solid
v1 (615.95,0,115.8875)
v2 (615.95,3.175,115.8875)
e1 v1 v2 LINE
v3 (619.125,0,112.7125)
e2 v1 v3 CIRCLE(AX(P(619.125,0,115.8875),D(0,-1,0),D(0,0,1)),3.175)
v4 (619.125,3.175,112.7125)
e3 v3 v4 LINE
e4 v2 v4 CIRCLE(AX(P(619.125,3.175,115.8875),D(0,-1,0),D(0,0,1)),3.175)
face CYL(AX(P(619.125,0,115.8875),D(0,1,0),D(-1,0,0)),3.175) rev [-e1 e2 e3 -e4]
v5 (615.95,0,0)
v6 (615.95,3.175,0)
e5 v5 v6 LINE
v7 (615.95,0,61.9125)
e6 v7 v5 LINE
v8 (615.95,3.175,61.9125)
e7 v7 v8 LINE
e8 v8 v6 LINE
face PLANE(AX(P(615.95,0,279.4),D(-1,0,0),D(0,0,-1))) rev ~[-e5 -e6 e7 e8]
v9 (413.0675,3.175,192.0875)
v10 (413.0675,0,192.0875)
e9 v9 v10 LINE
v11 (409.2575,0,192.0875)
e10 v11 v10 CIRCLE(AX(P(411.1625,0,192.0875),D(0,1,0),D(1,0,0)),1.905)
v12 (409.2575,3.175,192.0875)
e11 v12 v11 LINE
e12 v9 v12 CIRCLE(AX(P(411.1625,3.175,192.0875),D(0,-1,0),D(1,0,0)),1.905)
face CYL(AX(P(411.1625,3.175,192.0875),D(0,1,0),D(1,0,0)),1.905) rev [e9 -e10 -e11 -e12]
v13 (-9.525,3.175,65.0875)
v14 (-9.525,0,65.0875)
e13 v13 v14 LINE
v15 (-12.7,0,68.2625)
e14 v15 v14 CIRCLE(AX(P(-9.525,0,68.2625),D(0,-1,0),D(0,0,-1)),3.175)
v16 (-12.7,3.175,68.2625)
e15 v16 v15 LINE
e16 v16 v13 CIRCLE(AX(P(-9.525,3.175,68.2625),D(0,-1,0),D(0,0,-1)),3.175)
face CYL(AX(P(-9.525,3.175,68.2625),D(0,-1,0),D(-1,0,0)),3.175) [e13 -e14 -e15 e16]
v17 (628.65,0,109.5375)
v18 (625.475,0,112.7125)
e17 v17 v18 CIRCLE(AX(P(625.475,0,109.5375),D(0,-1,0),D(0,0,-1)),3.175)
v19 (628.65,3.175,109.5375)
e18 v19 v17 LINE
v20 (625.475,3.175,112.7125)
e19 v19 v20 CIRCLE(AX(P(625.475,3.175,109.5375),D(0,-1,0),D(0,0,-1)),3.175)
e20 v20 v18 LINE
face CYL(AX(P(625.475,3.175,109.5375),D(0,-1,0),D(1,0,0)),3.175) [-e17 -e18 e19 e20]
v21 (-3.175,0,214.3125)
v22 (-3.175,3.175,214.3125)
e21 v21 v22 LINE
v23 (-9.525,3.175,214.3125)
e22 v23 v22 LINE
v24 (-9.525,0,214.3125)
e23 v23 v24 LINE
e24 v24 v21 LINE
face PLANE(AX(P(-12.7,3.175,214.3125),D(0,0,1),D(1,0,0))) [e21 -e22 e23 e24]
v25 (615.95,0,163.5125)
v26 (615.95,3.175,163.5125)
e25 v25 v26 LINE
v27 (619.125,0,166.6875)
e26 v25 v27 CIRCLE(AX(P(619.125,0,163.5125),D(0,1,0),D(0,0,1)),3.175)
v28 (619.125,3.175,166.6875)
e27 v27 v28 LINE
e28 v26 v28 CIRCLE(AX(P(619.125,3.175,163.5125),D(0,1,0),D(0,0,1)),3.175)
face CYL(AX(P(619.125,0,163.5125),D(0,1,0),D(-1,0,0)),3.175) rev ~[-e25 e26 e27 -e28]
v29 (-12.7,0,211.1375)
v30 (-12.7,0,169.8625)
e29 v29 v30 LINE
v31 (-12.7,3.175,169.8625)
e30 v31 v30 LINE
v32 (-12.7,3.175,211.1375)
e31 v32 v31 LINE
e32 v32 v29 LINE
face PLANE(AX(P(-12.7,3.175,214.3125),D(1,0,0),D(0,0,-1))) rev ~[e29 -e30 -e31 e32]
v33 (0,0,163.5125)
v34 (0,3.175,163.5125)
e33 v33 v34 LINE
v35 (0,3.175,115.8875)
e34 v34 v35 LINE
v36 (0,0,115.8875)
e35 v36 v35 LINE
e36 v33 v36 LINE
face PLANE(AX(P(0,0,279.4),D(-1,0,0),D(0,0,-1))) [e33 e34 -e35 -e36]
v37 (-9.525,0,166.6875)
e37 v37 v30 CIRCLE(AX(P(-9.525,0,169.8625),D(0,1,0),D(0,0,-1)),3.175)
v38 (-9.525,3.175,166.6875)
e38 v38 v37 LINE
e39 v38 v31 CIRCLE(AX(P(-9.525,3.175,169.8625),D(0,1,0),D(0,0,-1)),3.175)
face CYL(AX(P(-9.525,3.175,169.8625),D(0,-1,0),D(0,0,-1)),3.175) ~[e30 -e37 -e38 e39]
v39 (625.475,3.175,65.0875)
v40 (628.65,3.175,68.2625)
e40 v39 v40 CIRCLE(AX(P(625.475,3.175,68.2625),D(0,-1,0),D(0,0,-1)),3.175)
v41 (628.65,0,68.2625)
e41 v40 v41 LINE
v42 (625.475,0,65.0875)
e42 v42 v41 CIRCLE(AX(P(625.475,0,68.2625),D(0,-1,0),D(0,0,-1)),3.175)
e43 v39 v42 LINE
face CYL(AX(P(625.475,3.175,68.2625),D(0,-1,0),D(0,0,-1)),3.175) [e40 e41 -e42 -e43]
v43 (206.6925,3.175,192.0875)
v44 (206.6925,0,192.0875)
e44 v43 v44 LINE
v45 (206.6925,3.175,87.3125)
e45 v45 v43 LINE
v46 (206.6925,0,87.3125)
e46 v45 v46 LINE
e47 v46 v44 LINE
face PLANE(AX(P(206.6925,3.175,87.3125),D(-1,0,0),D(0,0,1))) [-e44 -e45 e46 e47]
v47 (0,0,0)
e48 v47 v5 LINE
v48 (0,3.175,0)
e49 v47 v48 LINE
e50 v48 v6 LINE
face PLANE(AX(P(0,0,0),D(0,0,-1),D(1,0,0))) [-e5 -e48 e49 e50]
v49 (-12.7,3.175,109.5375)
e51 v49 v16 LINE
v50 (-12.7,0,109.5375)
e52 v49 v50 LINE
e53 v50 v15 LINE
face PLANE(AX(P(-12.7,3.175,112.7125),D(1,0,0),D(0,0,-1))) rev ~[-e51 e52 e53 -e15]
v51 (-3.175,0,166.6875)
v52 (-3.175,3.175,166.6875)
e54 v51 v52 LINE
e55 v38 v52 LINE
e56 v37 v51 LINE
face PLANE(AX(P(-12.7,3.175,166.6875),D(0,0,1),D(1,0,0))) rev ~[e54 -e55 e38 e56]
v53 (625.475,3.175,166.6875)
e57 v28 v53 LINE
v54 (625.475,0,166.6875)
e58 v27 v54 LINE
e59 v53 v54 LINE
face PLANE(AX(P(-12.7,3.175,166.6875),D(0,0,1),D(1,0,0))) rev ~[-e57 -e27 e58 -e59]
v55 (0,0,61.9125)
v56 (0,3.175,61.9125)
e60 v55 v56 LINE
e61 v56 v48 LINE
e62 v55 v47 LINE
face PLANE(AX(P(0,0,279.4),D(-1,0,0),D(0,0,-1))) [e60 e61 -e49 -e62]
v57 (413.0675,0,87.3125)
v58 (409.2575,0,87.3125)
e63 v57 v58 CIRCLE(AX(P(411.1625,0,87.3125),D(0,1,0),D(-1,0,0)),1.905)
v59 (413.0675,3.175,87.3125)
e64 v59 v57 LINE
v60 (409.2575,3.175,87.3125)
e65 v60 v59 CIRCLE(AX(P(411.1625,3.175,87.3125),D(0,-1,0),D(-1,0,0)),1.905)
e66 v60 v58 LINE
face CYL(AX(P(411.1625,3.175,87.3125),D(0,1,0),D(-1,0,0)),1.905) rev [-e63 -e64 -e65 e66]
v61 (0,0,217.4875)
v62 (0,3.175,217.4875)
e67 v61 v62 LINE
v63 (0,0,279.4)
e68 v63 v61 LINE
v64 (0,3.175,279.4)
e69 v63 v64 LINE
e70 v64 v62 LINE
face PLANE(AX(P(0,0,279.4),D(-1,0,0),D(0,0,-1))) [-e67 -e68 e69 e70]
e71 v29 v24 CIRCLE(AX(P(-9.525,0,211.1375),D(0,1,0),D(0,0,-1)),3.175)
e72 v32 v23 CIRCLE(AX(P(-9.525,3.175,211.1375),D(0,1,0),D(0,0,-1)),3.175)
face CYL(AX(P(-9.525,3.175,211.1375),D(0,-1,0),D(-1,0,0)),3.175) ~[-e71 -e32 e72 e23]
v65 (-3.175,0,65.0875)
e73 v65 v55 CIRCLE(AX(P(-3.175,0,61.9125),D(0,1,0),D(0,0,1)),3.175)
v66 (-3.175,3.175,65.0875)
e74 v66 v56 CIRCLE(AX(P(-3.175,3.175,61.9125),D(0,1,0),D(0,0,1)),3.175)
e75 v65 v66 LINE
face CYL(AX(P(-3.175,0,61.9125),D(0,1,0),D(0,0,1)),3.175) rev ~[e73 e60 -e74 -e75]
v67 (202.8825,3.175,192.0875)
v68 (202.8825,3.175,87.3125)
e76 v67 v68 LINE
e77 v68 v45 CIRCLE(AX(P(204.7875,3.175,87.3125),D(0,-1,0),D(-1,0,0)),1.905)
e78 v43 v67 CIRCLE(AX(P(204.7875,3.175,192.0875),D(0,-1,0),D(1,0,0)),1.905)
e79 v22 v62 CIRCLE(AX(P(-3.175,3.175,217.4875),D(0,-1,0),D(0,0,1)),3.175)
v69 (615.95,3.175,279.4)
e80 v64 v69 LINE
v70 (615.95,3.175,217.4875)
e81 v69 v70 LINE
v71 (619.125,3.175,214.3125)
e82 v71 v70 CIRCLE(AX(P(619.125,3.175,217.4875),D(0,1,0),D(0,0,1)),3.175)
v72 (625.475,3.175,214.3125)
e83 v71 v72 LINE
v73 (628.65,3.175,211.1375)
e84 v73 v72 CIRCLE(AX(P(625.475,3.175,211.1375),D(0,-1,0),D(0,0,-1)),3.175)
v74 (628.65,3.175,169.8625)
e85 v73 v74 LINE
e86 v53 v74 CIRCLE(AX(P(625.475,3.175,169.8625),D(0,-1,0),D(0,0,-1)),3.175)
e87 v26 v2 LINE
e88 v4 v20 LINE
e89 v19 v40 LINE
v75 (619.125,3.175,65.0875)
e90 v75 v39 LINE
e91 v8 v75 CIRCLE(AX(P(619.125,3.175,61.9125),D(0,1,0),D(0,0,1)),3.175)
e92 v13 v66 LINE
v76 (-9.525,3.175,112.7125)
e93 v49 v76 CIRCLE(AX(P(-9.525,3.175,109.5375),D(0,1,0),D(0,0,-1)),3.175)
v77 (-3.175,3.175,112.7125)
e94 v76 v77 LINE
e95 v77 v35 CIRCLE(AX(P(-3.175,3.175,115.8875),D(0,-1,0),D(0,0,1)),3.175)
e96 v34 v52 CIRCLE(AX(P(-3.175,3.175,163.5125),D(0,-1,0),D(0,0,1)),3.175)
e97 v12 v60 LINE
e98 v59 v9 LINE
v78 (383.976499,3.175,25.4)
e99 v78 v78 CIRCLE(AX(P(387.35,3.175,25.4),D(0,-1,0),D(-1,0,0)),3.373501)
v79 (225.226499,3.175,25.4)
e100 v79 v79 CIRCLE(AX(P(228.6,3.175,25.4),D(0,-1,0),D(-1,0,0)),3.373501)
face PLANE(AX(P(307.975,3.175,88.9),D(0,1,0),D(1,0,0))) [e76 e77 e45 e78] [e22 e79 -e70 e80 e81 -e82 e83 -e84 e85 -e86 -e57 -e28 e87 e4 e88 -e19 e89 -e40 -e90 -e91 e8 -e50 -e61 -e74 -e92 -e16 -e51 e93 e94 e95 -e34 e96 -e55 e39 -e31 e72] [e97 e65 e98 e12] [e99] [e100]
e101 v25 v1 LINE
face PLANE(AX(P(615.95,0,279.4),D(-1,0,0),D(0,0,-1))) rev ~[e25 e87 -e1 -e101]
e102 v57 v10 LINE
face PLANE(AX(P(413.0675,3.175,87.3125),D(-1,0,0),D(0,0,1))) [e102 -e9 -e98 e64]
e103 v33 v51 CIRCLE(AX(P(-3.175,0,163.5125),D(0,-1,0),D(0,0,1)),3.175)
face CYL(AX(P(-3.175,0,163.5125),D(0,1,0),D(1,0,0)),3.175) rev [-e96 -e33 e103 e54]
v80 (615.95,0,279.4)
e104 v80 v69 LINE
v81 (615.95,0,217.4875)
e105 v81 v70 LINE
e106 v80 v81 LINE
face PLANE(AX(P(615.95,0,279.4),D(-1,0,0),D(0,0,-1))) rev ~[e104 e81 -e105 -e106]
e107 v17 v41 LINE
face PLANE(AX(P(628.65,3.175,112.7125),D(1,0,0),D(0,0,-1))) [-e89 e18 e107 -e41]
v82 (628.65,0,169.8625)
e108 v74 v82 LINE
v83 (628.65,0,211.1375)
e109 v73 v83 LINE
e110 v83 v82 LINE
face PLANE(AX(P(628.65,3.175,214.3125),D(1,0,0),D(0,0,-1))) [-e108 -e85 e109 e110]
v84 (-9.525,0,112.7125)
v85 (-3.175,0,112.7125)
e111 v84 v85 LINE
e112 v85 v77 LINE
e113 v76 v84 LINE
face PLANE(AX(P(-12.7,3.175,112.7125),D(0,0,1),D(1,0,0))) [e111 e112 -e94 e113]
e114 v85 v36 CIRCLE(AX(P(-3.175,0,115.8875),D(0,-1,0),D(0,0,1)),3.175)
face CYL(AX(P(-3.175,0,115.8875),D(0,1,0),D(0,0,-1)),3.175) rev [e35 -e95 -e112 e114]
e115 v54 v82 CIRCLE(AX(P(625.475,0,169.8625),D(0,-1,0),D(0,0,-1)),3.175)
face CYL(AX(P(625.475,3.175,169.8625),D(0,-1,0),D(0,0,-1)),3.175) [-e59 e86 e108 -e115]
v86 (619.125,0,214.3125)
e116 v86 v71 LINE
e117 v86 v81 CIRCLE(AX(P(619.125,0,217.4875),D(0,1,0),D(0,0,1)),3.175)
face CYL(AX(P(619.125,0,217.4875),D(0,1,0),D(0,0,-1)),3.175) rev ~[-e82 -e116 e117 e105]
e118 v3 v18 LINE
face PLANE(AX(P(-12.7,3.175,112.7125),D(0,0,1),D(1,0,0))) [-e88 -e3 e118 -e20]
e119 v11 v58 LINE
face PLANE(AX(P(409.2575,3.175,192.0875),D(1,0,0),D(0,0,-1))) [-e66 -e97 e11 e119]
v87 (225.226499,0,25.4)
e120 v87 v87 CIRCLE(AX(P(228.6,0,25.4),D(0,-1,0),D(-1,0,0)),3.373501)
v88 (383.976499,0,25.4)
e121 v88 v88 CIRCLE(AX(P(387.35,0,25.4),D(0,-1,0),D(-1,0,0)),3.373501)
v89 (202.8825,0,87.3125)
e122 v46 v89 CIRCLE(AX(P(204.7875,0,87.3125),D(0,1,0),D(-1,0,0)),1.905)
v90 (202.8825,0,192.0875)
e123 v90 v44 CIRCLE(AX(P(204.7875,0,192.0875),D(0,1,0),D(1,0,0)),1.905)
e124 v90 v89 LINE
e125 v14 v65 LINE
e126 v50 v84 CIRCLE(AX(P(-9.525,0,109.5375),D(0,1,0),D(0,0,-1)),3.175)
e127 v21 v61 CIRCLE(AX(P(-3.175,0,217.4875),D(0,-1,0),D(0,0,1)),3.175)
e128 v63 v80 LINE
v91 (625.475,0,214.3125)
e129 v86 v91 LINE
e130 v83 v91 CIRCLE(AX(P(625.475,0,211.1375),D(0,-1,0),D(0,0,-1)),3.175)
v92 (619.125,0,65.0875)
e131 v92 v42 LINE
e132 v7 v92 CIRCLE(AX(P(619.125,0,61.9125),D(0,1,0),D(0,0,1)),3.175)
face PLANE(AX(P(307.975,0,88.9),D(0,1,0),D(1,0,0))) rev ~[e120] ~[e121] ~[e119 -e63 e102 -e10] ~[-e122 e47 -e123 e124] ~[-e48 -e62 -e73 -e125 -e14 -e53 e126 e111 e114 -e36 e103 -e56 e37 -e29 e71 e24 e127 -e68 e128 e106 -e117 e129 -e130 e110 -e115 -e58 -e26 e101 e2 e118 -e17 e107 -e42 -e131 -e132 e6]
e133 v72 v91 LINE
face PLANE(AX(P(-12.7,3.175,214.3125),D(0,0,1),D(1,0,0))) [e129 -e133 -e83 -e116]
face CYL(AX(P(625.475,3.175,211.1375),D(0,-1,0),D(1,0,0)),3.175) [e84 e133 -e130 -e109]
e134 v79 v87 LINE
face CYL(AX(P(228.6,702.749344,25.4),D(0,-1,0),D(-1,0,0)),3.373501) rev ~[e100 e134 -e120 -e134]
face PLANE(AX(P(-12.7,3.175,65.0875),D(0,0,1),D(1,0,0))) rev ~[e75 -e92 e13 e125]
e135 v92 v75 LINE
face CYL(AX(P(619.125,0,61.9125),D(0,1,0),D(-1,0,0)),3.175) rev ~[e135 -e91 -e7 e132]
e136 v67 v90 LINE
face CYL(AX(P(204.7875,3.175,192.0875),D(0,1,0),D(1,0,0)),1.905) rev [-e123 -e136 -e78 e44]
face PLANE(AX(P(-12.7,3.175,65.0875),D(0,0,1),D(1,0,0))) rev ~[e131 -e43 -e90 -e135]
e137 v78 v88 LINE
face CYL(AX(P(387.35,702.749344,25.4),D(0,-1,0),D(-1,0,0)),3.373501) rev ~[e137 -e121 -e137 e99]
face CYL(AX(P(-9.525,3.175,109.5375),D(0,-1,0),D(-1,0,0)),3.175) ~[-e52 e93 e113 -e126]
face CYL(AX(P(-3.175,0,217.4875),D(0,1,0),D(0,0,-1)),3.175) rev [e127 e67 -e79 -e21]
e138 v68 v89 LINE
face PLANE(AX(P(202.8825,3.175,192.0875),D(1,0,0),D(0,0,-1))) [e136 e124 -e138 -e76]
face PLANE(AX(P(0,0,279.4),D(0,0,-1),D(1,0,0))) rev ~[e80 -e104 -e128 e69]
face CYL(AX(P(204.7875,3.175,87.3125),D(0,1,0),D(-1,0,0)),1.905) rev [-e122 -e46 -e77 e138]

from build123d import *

# Parameters (mm, degrees)
SKETCH1_W                        = 615.95
SKETCH1_H                        = 279.4
BOSS_EXTRUDE1_DEPTH              = 3.175
SKETCH2_W                        = 641.35
SKETCH2_H                        = 47.625
BOSS_EXTRUDE2_DEPTH              = 3.175
FILLET1_R                        = 3.175
CUT_EXTRUDE1_DEPTH               = 4.175
F_17_64_0_26563_DIAMETER_HOLE1_D = 6.747002


with BuildPart() as part:
    # Sketch1 → Boss-Extrude1 (new body)
    with BuildSketch(Plane(origin=(0, 0, 0), x_dir=(1, 0, 0), z_dir=(0, 1, 0))):
        with Locations((307.975, -139.7)):
            Rectangle(SKETCH1_W, SKETCH1_H)
    extrude(amount=BOSS_EXTRUDE1_DEPTH)

    # Sketch2 → Boss-Extrude2 (add, through all)
    with BuildSketch(Plane(origin=(0, 3.175, 0), x_dir=(1, 0, 0), z_dir=(0, 1, 0))):
        with Locations((307.975, -88.9)):
            Rectangle(SKETCH2_W, SKETCH2_H)
        with Locations((307.975, -190.5)):
            Rectangle(SKETCH2_W, SKETCH2_H)
    extrude(amount=-BOSS_EXTRUDE2_DEPTH)

    # Fillet1
    fillet1_edges = [part.edges().sort_by_distance(p)[0] for p in [
        (628.65, 1.5875, 112.7125),
        (-12.7, 1.5875, 65.0875),
        (628.65, 1.5875, 65.0875),
        (0, 1.5875, 112.7125),
        (615.95, 1.5875, 112.7125),
        (-12.7, 1.5875, 112.7125),
        (0, 1.5875, 65.0875),
        (615.95, 1.5875, 65.0875),
        (628.65, 1.5875, 214.3125),
        (-12.7, 1.5875, 166.6875),
        (628.65, 1.5875, 166.6875),
        (0, 1.5875, 214.3125),
        (615.95, 1.5875, 214.3125),
        (-12.7, 1.5875, 214.3125),
        (0, 1.5875, 166.6875),
        (615.95, 1.5875, 166.6875),
    ]]
    fillet(fillet1_edges, radius=FILLET1_R)

    # Sketch3 → Cut-Extrude1 (cut, through all)
    with BuildSketch(Plane(origin=(0, 3.175, 0), x_dir=(1, 0, 0), z_dir=(0, 1, 0))):
        with BuildLine():
            Line((202.8825, -192.0875), (202.8825, -87.3125))
            ThreePointArc((202.8825, -87.3125), (204.7875, -85.4075), (206.6925, -87.3125))
            Line((206.6925, -87.3125), (206.6925, -192.0875))
            ThreePointArc((206.6925, -192.0875), (204.7875, -193.9925), (202.8825, -192.0875))
        make_face()
        with BuildLine():
            Line((409.2575, -192.0875), (409.2575, -87.3125))
            ThreePointArc((409.2575, -87.3125), (411.1625, -85.4075), (413.0675, -87.3125))
            Line((413.0675, -87.3125), (413.0675, -192.0875))
            ThreePointArc((413.0675, -192.0875), (411.1625, -193.9925), (409.2575, -192.0875))
        make_face()
    extrude(amount=-CUT_EXTRUDE1_DEPTH, mode=Mode.SUBTRACT)

    # 17/64 (0.26563) Diameter Hole1 (through all)
    with Locations(Plane(origin=(0, 3.175, 0), x_dir=(1, 0, 0), z_dir=(0, 1, 0))):
        with Locations((387.35, -25.4), (228.6, -25.4)):
            Hole(F_17_64_0_26563_DIAMETER_HOLE1_D / 2)


solid = part.part
